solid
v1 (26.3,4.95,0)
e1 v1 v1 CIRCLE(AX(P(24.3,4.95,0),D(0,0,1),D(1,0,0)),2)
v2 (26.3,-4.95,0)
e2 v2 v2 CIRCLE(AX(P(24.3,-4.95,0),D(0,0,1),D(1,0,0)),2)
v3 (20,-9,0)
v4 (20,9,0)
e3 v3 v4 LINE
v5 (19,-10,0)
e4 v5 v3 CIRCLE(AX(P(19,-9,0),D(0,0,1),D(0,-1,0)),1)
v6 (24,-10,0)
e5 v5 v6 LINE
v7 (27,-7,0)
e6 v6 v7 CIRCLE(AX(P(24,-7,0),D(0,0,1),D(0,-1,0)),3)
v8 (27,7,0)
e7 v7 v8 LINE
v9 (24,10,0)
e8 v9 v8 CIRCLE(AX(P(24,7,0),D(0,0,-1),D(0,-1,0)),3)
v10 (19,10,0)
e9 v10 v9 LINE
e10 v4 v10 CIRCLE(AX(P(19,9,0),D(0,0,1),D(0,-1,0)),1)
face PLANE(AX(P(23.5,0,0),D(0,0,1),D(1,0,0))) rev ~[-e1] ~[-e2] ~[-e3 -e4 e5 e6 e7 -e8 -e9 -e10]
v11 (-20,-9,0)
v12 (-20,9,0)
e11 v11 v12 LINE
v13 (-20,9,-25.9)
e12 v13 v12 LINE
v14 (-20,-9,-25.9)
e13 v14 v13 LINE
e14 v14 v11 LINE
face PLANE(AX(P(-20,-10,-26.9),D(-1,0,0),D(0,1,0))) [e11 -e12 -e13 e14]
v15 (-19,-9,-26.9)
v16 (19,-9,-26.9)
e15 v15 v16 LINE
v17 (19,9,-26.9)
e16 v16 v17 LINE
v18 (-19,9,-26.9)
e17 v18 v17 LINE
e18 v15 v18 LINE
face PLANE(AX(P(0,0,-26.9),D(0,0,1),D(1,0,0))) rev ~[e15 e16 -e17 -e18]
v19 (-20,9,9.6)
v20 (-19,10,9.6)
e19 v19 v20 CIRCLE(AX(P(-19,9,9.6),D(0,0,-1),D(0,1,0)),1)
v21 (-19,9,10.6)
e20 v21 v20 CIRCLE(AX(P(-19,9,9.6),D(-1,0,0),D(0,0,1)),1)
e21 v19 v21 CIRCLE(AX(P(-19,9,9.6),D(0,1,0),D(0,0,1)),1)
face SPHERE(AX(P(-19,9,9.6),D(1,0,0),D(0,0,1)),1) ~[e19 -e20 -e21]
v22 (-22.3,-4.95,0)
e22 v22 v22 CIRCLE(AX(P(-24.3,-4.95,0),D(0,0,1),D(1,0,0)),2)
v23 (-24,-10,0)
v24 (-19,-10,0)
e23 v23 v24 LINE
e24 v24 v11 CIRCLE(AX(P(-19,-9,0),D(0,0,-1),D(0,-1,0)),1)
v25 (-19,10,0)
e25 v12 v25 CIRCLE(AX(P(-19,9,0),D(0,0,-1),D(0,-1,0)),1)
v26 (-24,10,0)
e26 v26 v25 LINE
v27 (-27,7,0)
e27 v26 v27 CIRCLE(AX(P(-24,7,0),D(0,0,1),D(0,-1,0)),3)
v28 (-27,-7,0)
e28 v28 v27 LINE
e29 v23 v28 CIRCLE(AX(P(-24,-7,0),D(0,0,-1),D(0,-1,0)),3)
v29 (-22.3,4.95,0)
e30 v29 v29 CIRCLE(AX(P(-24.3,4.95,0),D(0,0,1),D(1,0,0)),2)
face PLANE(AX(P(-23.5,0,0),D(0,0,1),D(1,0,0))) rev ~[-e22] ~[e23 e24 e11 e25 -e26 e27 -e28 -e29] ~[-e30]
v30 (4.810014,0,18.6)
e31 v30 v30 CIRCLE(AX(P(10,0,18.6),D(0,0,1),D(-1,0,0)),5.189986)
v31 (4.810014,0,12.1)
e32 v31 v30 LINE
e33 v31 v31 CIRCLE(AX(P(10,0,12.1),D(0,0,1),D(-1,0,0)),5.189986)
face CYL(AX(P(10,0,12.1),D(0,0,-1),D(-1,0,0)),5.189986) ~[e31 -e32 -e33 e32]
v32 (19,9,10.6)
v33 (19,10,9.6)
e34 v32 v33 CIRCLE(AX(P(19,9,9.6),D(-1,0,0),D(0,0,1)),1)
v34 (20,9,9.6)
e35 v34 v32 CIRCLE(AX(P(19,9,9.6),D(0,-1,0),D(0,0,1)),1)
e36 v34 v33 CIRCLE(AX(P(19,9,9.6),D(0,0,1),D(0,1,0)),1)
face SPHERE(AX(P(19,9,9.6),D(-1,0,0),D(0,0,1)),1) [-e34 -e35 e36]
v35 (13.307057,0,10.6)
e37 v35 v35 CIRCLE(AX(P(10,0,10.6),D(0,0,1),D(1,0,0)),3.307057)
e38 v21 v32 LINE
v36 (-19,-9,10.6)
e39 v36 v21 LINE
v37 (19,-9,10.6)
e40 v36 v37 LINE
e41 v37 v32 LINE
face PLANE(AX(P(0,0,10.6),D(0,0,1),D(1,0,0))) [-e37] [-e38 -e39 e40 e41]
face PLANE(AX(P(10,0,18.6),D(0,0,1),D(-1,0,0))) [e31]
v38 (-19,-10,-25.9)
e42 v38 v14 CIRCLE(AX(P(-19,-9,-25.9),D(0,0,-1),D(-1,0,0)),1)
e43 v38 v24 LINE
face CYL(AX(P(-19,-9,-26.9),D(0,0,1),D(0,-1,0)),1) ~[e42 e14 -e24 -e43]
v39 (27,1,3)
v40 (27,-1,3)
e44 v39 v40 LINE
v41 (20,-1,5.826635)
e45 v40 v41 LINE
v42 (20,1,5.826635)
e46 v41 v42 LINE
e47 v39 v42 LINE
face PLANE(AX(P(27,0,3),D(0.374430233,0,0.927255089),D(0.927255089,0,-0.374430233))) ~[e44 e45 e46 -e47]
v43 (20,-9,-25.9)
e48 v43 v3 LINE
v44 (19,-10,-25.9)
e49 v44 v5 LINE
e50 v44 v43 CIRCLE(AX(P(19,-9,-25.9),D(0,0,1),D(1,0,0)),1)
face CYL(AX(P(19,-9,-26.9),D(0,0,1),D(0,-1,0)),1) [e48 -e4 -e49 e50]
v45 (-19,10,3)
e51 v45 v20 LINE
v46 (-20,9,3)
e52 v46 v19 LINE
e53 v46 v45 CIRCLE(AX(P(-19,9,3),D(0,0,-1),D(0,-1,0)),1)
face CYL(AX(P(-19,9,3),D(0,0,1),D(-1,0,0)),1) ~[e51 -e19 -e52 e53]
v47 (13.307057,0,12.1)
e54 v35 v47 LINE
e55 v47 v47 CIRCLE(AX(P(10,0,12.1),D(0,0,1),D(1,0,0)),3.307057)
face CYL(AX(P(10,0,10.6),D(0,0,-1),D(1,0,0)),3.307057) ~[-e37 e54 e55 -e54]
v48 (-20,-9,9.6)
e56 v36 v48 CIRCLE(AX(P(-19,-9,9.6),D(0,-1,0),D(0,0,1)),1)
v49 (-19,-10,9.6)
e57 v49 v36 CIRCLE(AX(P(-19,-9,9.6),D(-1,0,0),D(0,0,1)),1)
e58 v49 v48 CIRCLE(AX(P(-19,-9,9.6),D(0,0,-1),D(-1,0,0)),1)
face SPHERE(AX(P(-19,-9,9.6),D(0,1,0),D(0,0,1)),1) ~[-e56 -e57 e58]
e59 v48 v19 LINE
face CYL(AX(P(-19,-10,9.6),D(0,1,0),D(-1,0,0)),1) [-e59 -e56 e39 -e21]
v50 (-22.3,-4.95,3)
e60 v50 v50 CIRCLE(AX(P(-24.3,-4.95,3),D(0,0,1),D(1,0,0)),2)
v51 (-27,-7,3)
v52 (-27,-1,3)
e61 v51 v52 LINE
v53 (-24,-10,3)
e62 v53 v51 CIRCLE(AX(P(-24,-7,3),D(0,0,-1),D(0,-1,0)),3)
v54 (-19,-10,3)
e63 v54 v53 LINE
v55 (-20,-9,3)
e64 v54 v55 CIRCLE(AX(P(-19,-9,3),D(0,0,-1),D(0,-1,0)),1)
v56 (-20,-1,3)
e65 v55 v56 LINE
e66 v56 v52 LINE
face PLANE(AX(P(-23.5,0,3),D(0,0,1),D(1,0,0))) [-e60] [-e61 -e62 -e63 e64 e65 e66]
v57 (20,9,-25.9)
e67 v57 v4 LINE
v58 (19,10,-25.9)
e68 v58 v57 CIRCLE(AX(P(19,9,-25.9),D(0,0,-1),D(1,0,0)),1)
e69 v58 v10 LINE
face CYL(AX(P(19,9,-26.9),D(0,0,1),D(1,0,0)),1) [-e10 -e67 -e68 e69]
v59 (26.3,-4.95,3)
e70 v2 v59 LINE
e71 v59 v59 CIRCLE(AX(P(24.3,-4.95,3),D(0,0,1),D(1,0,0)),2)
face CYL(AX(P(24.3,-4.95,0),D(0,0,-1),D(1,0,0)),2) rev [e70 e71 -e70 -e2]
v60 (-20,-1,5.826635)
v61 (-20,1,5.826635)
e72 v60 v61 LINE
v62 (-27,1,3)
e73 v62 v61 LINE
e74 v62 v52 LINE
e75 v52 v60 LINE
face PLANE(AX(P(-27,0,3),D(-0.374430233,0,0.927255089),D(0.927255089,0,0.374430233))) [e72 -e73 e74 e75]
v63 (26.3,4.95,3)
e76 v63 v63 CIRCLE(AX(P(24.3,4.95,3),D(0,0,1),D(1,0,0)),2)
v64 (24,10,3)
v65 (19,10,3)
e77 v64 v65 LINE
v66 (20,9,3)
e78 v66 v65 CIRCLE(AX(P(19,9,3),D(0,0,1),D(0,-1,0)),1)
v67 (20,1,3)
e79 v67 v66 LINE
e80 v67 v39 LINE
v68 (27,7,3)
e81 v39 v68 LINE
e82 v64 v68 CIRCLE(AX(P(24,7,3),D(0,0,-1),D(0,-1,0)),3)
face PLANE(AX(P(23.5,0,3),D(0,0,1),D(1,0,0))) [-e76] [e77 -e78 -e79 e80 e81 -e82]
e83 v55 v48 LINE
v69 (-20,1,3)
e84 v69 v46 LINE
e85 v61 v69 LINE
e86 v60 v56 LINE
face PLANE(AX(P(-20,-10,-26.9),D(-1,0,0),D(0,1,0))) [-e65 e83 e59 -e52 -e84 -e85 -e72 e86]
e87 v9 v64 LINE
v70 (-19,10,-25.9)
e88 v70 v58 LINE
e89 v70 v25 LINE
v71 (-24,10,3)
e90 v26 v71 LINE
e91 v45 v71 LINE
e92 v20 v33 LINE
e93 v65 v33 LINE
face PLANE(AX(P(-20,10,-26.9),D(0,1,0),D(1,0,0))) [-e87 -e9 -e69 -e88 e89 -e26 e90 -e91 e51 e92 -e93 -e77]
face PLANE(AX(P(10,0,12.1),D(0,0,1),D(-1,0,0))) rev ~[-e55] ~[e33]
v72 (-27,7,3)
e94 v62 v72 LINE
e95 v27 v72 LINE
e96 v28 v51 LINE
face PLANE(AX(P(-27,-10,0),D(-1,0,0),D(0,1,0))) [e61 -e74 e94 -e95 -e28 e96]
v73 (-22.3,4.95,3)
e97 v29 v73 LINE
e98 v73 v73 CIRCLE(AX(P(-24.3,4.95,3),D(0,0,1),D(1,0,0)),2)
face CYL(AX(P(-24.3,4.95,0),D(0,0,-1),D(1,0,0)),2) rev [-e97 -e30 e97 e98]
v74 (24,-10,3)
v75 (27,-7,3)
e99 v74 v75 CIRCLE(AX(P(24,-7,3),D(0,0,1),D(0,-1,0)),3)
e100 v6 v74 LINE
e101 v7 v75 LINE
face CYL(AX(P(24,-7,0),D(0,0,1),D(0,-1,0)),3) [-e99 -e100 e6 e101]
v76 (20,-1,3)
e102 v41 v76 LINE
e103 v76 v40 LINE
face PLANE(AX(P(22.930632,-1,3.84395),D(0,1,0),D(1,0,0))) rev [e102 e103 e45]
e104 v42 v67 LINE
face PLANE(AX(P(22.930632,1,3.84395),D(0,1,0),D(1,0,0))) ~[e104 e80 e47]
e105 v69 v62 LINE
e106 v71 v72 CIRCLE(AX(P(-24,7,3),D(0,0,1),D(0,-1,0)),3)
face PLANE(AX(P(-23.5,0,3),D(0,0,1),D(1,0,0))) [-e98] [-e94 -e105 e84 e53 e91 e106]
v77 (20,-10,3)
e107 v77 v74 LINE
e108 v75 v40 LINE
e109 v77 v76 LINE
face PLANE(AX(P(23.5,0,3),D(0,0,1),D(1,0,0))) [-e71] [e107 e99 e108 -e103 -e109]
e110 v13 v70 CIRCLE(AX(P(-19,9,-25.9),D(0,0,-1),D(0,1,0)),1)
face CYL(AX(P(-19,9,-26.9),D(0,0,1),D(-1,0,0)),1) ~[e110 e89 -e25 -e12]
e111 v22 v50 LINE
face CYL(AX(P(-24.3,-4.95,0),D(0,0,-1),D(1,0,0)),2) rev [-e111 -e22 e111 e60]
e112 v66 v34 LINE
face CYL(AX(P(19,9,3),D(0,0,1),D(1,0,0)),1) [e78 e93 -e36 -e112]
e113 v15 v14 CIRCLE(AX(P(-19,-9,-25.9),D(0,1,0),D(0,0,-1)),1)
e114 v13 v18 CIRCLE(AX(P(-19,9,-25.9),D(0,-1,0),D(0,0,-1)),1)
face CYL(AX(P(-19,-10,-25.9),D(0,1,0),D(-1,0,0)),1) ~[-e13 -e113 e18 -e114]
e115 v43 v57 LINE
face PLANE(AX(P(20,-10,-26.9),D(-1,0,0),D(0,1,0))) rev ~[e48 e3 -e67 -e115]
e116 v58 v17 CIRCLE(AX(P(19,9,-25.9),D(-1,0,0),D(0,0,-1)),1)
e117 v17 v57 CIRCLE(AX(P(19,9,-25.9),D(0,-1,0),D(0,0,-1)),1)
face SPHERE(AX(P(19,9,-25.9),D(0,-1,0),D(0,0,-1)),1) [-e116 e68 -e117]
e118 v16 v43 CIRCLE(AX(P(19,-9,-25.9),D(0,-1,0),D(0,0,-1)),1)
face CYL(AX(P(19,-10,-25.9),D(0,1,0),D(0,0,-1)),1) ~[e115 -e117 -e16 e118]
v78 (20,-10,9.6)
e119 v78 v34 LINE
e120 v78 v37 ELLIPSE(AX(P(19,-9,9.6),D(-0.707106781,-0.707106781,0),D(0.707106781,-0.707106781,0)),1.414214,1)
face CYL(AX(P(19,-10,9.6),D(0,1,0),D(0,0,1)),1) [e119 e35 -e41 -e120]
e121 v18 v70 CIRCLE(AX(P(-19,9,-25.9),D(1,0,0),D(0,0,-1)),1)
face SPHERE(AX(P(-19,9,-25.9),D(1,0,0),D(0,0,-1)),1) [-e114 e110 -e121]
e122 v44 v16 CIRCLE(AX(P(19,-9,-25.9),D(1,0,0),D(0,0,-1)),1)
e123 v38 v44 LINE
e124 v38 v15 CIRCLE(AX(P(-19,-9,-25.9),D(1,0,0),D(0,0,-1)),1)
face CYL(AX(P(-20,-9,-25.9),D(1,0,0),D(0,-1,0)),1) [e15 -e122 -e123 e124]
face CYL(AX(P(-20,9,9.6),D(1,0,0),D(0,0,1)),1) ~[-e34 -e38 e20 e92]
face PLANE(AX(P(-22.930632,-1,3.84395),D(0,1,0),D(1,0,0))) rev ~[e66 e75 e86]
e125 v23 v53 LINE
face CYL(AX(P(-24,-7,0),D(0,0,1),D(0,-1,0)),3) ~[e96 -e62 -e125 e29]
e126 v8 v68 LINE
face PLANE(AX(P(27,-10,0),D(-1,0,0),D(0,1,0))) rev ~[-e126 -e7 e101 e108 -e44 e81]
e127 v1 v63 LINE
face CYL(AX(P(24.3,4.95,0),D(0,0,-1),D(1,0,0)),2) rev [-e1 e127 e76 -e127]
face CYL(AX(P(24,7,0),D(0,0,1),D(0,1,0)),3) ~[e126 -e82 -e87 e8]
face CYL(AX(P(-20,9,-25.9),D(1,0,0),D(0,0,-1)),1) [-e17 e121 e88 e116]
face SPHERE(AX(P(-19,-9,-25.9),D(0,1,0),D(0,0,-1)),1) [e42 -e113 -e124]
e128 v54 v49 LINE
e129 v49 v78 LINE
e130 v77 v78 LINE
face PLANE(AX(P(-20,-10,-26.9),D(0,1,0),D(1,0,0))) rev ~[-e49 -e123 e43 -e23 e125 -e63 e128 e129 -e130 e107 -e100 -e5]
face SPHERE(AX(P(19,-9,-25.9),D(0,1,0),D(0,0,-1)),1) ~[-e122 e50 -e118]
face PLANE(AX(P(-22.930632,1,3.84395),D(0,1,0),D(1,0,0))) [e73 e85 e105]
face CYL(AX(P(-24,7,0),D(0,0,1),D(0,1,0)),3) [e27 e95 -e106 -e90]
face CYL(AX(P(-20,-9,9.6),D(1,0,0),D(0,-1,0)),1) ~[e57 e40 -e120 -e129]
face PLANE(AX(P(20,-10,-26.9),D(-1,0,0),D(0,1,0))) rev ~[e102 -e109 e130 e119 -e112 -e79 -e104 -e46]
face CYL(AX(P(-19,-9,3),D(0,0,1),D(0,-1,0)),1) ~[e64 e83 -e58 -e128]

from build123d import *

# Parameters (mm, degrees)
BOSS_EXTRUDE1_DEPTH      = 10.6
BOSS_EXTRUDE1_DEPTH_BACK = 26.9
SKETCH1_W                = 40
SKETCH1_H                = 20
SKETCH1_3_W              = 40
SKETCH1_3_H              = 20
SKETCH1_3_W_2            = 7
SKETCH1_3_R              = 2
BOSS_EXTRUDE2_DEPTH      = 3
SKETCH2_R                = 3.307057182
BOSS_EXTRUDE3_DEPTH      = 1.5
BOSS_EXTRUDE4_START      = 1.5
SKETCH2_3_R              = 5.189986332
SKETCH2_3_R_2            = 3.307057182
BOSS_EXTRUDE4_DEPTH      = 6.5
FILLET1_R                = 3
FILLET2_R                = 1
BOSS_EXTRUDE6_DEPTH      = 1


with BuildPart() as part:
    # Sketch1 → Boss-Extrude1 (new, two sides: drawn at the far end of the back side and taken through both)
    with BuildSketch(Plane.XY.offset(-BOSS_EXTRUDE1_DEPTH_BACK)):
        Rectangle(SKETCH1_W, SKETCH1_H)
    extrude(amount=BOSS_EXTRUDE1_DEPTH + BOSS_EXTRUDE1_DEPTH_BACK)

    # Sketch1<3> → Boss-Extrude2 (add)
    # profile 1 of 3: a face of its own
    with BuildSketch(Plane.XY):
        Rectangle(SKETCH1_3_W, SKETCH1_3_H)
    # profile 2 of 3: a face of its own
    with BuildSketch(Plane.XY):
        with Locations((-23.5, 0)):
            Rectangle(SKETCH1_3_W_2, SKETCH1_3_H)
        with Locations((-24.3, -4.95)):
            Circle(SKETCH1_3_R, mode=Mode.SUBTRACT)
        with Locations((-24.3, 4.95)):
            Circle(SKETCH1_3_R, mode=Mode.SUBTRACT)
    # profile 3 of 3: a face of its own
    with BuildSketch(Plane.XY):
        with Locations((23.5, 0)):
            Rectangle(SKETCH1_3_W_2, SKETCH1_3_H)
        with Locations((24.3, -4.95)):
            Circle(SKETCH1_3_R, mode=Mode.SUBTRACT)
        with Locations((24.3, 4.95)):
            Circle(SKETCH1_3_R, mode=Mode.SUBTRACT)
    extrude(amount=BOSS_EXTRUDE2_DEPTH)

    # Sketch2 → Boss-Extrude3 (add)
    with BuildSketch(Plane.XY.offset(10.6)):
        with Locations((10, 0)):
            Circle(SKETCH2_R)
    extrude(amount=BOSS_EXTRUDE3_DEPTH)

    # Sketch2<3> → Boss-Extrude4 (add)
    # profile 1 of 2: a face of its own
    with BuildSketch(Plane.XY.offset(10.6).offset(BOSS_EXTRUDE4_START)):
        with Locations(Location((10, 0, 0), (0, 0, 180))):
            Circle(SKETCH2_3_R)
        with Locations((10, 0)):
            Circle(SKETCH2_3_R_2, mode=Mode.SUBTRACT)
    # profile 2 of 2: a face of its own
    with BuildSketch(Plane.XY.offset(10.6).offset(BOSS_EXTRUDE4_START)):
        with Locations((10, 0)):
            Circle(SKETCH2_3_R_2)
    extrude(amount=BOSS_EXTRUDE4_DEPTH)

    # Fillet1
    fillet1_edges = [part.edges().sort_by_distance(p)[0] for p in [
        (-27, 10, 1.5),
        (-27, -10, 1.5),
        (27, -10, 1.5),
        (27, 10, 1.5),
    ]]
    fillet(fillet1_edges, radius=FILLET1_R)

    # Fillet2
    fillet2_edges = [part.edges().sort_by_distance(p)[0] for p in [
        (20, 0, -26.9),
        (0, 10, 10.6),
        (-20, 0, 10.6),
        (0, -10, 10.6),
        (20, 0, 10.6),
        (0, 10, -26.9),
        (-20, 0, -26.9),
        (-20, -10, 6.8),
        (-20, 10, 6.8),
        (20, 10, 6.8),
        (0, -10, -26.9),
        (-20, -10, -13.45),
        (-20, 10, -13.45),
        (20, 10, -13.45),
        (20, -10, -13.45),
    ]]
    fillet(fillet2_edges, radius=FILLET2_R)

    # Sketch4 → Boss-Extrude6 (add, symmetric)
    with BuildSketch(Plane(origin=(0, 0, 0), x_dir=(1, 0, 0), z_dir=(0, 1, 0))):
        Polygon((-27, -3), (-20, -5.826634937), (-20, -3), align=None)
    boss_extrude6 = extrude(amount=BOSS_EXTRUDE6_DEPTH, both=True)

    # Mirror1: Boss-Extrude6 across plane
    add(boss_extrude6.mirror(Plane(origin=(0, 0, 0), x_dir=(0, 0, 1), z_dir=(1, 0, 0))))


solid = part.part
